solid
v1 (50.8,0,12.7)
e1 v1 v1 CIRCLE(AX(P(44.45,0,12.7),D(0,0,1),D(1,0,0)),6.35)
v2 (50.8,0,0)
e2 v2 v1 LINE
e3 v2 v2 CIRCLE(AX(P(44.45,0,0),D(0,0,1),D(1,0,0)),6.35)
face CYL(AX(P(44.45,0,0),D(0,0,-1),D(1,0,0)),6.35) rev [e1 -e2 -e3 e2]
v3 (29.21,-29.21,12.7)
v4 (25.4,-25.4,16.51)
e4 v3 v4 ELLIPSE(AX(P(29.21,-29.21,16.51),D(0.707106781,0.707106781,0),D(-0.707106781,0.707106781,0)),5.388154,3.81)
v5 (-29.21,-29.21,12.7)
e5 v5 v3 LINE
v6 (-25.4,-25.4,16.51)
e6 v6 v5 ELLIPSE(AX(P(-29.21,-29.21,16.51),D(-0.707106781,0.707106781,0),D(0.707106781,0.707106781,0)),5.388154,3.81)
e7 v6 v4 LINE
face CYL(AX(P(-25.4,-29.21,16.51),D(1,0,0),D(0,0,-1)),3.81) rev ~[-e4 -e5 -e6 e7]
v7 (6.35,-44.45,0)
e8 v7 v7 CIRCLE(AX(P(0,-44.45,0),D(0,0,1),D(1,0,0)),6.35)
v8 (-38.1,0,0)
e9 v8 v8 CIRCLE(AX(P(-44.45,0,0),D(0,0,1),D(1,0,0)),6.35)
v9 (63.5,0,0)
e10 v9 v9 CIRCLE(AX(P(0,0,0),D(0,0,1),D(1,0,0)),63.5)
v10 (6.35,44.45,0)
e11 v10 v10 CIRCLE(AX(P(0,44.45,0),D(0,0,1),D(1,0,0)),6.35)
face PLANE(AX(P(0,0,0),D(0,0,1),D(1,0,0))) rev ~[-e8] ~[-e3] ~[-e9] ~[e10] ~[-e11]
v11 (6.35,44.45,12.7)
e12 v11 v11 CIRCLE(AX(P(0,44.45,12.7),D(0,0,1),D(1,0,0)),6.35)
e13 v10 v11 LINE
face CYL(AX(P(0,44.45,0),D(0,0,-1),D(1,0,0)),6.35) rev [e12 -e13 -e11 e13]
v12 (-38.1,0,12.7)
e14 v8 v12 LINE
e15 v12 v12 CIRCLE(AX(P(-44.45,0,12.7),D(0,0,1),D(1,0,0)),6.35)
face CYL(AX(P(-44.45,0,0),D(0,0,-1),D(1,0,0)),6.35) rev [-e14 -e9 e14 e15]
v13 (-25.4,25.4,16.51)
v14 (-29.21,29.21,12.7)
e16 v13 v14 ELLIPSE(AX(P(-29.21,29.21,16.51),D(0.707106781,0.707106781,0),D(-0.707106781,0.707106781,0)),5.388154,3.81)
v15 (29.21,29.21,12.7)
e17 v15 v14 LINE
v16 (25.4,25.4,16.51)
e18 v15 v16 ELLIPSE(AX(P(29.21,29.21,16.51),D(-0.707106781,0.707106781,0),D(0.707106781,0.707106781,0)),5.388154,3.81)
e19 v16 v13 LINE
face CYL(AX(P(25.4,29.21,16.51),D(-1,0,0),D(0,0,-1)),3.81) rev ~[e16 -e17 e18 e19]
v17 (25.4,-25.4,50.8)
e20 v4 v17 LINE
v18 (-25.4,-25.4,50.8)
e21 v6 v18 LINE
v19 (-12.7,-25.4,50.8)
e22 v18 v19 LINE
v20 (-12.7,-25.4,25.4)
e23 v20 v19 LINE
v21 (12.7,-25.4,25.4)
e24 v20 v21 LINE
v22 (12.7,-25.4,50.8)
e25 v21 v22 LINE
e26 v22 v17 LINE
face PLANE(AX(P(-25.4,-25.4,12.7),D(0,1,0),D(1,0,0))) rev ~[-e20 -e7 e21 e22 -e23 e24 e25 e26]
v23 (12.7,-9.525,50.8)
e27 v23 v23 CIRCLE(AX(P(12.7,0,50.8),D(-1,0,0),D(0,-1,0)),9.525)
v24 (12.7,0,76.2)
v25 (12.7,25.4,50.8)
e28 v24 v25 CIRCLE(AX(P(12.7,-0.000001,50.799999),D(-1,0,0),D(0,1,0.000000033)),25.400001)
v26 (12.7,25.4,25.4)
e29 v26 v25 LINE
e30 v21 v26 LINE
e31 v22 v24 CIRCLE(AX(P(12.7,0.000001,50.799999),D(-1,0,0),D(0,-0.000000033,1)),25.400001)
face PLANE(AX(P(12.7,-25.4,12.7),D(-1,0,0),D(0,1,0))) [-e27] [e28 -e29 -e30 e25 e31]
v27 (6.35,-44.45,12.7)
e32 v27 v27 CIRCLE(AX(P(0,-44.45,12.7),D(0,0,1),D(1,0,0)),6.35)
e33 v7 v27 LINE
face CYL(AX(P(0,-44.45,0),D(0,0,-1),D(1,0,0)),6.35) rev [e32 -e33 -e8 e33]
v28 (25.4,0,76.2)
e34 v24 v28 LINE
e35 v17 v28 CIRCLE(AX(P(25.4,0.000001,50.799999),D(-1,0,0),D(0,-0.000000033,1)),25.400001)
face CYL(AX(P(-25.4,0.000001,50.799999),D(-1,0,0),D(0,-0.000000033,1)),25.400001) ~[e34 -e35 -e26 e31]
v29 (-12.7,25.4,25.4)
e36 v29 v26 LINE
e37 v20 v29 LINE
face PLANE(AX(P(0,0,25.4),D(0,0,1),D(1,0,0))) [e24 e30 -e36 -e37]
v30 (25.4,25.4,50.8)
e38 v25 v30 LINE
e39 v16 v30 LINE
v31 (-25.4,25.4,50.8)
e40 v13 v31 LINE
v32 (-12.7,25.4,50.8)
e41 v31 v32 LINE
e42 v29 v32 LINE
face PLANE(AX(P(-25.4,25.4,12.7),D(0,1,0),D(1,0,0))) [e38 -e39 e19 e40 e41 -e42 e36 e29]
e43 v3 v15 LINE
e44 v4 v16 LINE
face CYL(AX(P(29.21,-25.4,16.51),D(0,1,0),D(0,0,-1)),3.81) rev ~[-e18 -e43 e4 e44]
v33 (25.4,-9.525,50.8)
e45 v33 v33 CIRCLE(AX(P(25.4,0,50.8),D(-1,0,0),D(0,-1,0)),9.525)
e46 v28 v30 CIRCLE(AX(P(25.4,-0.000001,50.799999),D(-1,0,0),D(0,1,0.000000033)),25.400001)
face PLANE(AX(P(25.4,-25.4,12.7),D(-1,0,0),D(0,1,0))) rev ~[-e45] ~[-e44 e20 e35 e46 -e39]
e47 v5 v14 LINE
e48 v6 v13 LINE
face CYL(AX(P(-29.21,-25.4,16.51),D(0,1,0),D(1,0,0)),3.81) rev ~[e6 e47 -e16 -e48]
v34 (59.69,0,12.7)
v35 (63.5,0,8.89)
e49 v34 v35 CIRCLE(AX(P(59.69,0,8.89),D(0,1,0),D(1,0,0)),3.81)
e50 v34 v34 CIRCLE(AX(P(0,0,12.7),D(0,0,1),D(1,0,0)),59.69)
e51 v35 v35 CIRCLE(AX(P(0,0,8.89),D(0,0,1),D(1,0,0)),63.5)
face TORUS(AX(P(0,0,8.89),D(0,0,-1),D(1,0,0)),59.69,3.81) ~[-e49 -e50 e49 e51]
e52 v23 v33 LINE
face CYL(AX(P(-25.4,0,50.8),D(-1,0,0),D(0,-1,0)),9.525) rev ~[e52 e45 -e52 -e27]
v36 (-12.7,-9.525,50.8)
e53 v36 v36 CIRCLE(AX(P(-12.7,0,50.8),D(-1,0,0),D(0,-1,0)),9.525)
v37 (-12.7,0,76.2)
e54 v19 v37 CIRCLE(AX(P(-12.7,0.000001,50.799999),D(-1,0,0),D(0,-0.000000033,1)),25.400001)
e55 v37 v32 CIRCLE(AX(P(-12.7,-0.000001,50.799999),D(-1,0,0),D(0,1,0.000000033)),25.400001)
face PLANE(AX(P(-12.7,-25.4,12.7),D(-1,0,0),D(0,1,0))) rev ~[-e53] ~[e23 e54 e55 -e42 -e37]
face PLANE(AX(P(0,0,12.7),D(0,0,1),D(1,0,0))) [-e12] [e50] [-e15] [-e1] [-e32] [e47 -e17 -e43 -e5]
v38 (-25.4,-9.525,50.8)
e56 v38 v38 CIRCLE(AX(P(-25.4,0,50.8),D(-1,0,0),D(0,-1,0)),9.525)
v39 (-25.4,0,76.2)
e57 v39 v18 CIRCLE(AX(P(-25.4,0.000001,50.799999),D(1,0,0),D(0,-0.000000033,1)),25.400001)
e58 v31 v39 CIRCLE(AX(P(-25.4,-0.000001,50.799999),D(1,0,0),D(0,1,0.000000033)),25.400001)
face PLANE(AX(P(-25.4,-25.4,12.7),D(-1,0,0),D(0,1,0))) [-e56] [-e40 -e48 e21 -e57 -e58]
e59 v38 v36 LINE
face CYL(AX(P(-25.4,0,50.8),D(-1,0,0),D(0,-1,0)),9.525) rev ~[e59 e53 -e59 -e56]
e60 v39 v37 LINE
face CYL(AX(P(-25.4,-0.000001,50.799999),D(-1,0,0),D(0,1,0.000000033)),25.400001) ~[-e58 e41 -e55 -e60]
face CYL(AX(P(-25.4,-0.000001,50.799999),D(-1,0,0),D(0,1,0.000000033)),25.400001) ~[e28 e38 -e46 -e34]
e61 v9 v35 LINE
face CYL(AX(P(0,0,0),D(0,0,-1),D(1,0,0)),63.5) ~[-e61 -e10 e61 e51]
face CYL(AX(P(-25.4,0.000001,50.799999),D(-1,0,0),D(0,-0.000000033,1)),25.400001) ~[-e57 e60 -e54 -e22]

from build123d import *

# Parameters (mm, degrees)
F0_R     = 63.5
F0_R_2   = 6.35
F1_DEPTH = 12.7
F2_W     = 25.4
F2_H     = 50.8
F3_DEPTH = 12.7
F2_W_2   = 12.7
F4_DEPTH = 63.5
F5_R     = 9.525
F6_DEPTH = 88.901
F7_R     = 3.81


with BuildPart() as f1:
    # F0 (on Top) → F1 (new body)
    with BuildSketch(Plane.XY):
        Circle(F0_R)
        with Locations((0, -44.45)):
            Circle(F0_R_2, mode=Mode.SUBTRACT)
        with Locations((-44.45, 0)):
            Circle(F0_R_2, mode=Mode.SUBTRACT)
        with Locations((44.45, 0)):
            Circle(F0_R_2, mode=Mode.SUBTRACT)
        with Locations((0, 44.45)):
            Circle(F0_R_2, mode=Mode.SUBTRACT)
    extrude(amount=F1_DEPTH)

    # F2 (on face) → F3 (join)
    with BuildSketch(Plane.XY.offset(12.7)):
        Rectangle(F2_W, F2_H)
    extrude(amount=F3_DEPTH)

    # F2 (on face) → F4 (join)
    with BuildSketch(Plane.XY.offset(12.7)):
        with Locations((-19.05, 0)):
            Rectangle(F2_W_2, F2_H)
        with Locations((19.05, 0)):
            Rectangle(F2_W_2, F2_H)
    extrude(amount=F4_DEPTH)

    # F5 (on face) → F6 (cut, through all)
    with BuildSketch(Plane(origin=(-25.4, 0, 0), x_dir=(0, -1, 0), z_dir=(-1, 0, 0))):
        with Locations((0, 50.8)):
            Circle(F5_R)
        with BuildLine():
            Line((25.4, 76.2), (0, 76.2))
            ThreePointArc((0, 76.2), (17.960512, 68.760512), (25.4, 50.8))
            Line((25.4, 50.8), (25.4, 76.2))
        make_face()
        with BuildLine():
            Line((-25.4, 76.2), (-25.4, 50.8))
            ThreePointArc((-25.4, 50.8), (-17.960512, 68.760512), (0, 76.2))
            Line((0, 76.2), (-25.4, 76.2))
        make_face()
    extrude(amount=-F6_DEPTH, mode=Mode.SUBTRACT)

    # F7
    f7_edges = [f1.edges().sort_by_distance(p)[0] for p in [
        (-63.5, 0, 12.7),
        (-25.4, 0, 12.7),
        (25.4, 0, 12.7),
        (0, -25.4, 12.7),
        (0, 25.4, 12.7),
    ]]
    fillet(f7_edges, radius=F7_R)


solid = f1.part
